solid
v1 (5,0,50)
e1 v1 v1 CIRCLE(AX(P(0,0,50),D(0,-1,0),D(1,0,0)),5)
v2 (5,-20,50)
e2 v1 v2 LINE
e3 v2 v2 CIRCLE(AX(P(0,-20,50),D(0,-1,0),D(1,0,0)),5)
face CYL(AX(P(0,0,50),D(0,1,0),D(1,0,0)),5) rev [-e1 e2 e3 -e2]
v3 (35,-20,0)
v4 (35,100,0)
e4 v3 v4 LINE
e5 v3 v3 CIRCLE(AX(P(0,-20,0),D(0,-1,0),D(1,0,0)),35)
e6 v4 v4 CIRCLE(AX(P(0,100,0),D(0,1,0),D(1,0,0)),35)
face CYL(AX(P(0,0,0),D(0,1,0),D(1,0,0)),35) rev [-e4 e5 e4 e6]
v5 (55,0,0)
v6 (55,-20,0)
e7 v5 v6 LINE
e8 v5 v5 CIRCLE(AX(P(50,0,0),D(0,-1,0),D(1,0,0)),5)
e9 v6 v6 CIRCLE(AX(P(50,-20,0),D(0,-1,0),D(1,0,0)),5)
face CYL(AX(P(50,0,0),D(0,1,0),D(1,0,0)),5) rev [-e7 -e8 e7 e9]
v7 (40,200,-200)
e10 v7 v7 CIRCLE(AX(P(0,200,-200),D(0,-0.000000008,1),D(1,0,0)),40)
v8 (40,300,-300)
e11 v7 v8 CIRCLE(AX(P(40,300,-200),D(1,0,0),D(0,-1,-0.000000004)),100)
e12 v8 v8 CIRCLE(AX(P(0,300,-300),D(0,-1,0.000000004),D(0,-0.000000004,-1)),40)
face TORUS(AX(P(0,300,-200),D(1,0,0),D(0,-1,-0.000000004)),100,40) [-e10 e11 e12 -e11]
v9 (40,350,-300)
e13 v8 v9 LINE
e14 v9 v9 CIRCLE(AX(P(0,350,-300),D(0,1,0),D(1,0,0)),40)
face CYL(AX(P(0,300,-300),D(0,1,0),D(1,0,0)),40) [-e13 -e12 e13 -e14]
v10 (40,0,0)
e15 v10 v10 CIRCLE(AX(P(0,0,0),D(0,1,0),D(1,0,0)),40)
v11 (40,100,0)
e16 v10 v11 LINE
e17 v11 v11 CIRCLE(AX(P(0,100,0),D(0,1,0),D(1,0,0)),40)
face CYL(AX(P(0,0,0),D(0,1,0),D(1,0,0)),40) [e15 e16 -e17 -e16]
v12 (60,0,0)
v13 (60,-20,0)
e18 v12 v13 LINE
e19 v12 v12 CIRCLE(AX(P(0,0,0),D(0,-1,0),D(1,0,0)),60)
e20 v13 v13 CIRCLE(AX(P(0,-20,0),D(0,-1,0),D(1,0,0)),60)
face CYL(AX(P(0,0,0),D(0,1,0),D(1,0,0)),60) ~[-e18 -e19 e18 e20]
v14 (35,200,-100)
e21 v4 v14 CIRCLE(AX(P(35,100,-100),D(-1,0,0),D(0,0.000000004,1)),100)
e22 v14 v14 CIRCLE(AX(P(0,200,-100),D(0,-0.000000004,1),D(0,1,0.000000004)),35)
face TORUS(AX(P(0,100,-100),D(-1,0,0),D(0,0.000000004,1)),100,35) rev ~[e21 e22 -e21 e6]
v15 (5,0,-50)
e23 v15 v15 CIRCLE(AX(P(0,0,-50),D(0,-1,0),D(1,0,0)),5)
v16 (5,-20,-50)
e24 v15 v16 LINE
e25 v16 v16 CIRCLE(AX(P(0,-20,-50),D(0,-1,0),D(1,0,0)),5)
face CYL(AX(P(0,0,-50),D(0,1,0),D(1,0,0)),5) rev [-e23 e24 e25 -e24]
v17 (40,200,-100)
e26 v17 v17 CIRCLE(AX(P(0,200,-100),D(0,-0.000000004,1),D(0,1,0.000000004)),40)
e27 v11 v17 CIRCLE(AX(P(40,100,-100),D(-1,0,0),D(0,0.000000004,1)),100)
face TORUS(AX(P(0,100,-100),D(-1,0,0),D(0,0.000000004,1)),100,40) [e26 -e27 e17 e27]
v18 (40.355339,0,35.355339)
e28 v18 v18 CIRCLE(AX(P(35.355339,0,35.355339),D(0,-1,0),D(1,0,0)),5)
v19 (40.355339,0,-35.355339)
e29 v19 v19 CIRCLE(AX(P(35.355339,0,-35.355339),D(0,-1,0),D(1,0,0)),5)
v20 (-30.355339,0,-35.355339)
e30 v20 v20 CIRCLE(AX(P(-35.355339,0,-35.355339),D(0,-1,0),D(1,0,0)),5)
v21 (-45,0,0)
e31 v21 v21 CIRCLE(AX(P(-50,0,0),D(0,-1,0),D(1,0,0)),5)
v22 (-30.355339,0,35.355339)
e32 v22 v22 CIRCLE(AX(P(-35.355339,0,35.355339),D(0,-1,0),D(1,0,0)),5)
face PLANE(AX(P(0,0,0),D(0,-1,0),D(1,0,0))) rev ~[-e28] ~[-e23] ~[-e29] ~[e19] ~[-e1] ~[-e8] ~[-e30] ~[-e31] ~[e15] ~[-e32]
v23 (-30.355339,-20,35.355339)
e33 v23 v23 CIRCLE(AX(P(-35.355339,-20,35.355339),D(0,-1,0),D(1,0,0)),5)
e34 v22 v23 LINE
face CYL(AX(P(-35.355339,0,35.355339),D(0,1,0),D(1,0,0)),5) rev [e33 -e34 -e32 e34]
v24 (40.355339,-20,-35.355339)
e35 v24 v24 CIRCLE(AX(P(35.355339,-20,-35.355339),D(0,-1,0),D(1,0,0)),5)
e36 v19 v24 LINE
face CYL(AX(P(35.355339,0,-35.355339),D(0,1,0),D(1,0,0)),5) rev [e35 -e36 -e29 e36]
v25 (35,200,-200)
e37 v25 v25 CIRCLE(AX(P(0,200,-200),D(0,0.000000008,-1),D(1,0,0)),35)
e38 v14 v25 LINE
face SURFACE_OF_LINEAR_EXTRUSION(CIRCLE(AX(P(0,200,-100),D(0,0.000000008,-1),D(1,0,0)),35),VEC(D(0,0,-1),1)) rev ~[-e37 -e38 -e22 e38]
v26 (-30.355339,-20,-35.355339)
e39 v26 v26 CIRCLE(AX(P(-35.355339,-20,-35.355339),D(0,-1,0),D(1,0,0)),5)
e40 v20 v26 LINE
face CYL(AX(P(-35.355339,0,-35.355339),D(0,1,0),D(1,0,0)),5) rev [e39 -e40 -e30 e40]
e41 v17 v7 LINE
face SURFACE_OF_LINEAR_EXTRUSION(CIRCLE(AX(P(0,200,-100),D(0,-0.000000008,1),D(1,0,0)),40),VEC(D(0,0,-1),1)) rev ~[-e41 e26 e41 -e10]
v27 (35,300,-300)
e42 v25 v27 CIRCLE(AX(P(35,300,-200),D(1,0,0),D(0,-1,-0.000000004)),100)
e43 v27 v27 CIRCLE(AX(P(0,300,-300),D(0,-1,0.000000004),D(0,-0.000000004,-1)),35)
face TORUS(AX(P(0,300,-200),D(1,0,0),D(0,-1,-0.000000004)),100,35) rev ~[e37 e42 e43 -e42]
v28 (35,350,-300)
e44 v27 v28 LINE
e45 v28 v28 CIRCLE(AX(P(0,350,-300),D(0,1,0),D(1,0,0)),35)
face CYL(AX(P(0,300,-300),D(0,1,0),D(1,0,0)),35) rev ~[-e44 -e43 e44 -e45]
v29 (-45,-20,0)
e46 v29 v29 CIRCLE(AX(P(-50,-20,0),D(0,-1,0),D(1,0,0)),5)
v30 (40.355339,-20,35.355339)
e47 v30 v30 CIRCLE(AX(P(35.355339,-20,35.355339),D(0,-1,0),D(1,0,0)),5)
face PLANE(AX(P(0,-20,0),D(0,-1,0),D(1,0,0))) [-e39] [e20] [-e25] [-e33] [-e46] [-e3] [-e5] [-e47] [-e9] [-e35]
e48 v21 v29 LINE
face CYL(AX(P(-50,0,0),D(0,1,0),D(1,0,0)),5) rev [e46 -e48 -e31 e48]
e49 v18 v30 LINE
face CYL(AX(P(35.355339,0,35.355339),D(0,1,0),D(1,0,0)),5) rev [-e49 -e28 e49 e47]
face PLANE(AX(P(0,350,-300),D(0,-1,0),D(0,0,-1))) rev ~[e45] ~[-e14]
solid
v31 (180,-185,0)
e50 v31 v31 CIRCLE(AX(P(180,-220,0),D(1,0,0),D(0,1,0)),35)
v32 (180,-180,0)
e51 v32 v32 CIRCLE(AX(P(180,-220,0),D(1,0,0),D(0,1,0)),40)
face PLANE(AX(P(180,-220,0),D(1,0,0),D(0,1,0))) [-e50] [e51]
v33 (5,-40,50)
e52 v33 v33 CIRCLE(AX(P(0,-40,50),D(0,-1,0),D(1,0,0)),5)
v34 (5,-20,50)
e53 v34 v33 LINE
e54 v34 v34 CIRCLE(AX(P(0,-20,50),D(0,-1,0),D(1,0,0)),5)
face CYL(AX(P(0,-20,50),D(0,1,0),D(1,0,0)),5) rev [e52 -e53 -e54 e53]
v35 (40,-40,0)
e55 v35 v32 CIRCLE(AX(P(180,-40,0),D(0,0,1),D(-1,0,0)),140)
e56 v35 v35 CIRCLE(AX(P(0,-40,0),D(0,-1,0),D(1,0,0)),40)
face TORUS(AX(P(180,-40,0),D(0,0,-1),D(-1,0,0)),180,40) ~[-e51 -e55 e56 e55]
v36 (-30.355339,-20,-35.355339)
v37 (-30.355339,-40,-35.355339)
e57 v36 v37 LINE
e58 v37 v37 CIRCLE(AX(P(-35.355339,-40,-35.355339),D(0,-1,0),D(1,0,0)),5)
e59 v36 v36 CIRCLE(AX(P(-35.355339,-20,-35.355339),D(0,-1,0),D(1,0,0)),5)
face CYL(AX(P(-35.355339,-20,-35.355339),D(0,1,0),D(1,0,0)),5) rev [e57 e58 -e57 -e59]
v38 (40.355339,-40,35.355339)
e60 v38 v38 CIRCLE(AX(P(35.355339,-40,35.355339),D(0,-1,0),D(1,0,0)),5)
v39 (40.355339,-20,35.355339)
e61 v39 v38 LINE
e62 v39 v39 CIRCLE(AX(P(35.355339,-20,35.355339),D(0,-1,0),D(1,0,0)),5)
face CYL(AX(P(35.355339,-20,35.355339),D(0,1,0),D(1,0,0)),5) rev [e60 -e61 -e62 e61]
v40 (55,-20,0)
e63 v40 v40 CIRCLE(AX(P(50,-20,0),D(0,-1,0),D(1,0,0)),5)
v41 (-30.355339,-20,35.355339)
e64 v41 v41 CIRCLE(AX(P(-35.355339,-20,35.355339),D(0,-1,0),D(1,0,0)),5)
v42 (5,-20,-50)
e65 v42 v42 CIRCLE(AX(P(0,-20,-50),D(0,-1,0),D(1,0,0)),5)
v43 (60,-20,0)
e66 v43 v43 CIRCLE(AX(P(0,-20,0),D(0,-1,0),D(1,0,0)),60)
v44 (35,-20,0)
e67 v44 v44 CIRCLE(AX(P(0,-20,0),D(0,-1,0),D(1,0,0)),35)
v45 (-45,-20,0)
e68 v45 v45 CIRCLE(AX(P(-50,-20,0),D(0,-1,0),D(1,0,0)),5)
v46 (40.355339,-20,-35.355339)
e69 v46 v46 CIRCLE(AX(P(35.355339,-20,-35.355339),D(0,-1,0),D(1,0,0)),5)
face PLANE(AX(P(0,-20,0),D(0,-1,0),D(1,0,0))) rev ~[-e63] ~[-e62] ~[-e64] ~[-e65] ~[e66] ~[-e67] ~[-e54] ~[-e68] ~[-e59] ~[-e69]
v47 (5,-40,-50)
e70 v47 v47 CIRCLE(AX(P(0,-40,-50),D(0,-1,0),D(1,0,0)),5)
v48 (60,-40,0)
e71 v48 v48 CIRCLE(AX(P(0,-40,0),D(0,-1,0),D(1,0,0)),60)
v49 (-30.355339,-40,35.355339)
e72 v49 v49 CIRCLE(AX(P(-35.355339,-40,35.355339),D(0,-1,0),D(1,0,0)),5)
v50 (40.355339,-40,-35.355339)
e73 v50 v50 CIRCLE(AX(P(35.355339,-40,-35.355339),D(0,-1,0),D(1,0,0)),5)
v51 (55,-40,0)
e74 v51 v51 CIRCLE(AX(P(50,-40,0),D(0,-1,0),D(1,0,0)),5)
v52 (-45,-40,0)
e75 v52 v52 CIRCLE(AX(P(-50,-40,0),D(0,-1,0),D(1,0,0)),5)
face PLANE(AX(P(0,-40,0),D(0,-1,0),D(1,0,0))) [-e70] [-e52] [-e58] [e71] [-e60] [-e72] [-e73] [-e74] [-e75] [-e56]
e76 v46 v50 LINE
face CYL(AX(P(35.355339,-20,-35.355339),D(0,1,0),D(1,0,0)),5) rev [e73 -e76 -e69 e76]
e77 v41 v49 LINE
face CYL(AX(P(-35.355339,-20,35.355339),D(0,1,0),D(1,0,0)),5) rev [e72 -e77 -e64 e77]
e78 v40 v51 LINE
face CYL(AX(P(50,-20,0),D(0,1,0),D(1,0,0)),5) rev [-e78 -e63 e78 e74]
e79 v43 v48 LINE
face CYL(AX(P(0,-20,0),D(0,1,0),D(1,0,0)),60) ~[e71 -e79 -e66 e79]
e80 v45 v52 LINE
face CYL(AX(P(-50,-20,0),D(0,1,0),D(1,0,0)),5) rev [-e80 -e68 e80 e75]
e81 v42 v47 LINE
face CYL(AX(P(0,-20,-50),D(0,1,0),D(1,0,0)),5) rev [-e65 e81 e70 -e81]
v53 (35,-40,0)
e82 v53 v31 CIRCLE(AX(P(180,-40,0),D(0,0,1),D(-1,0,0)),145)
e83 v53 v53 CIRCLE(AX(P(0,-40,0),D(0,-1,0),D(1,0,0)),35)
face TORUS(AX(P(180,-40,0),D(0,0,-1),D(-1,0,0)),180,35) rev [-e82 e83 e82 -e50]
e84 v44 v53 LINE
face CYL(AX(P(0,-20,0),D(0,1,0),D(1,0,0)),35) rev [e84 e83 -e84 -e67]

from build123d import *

# Parameters (mm, degrees)
F0_R        = 60
F0_R_2      = 5
F0_R_3      = 35
F1_DEPTH    = 20
F2_R        = 40
F2_R_2      = 35
F1_FACE_R   = 60
F1_FACE_R_2 = 5
F1_FACE_R_3 = 35
F5_DEPTH    = 20
F6_R        = 40
F6_R_2      = 35
F7_ANGLE    = -90


with BuildPart() as f1:
    # F0 (on Front) → F1 (new body)
    with BuildSketch(Plane.XZ):
        Circle(F0_R)
        with Locations((-35.355339, -35.355339)):
            Circle(F0_R_2, mode=Mode.SUBTRACT)
        with Locations((0, -50)):
            Circle(F0_R_2, mode=Mode.SUBTRACT)
        with Locations((35.355339, -35.355339)):
            Circle(F0_R_2, mode=Mode.SUBTRACT)
        with Locations((-50, 0)):
            Circle(F0_R_2, mode=Mode.SUBTRACT)
        with Locations((-35.355339, 35.355339)):
            Circle(F0_R_2, mode=Mode.SUBTRACT)
        Circle(F0_R_3, mode=Mode.SUBTRACT)
        with Locations((50, 0)):
            Circle(F0_R_2, mode=Mode.SUBTRACT)
        with Locations((0, 50)):
            Circle(F0_R_2, mode=Mode.SUBTRACT)
        with Locations((35.355339, 35.355339)):
            Circle(F0_R_2, mode=Mode.SUBTRACT)
    extrude(amount=F1_DEPTH)

    # F4: sweep along a path in F3
    with BuildLine(Plane.YZ) as f4_path:
        Line((0, 0), (100, 0))
        ThreePointArc((100, 0), (170.710678, -29.289322), (200, -100))
        Line((200, -100), (200, -200))
        ThreePointArc((200, -200), (229.289322, -270.710678), (300, -300))
        Line((300, -300), (350, -300))
    # F2 (on Front) → F4 (sweep)
    with BuildSketch(Plane.XZ):
        Circle(F2_R)
        Circle(F2_R_2, mode=Mode.SUBTRACT)
    sweep(path=f4_path.line)


with BuildPart() as f5:
    # F1_face (on face) → F5 (new body)
    with BuildSketch(Plane.XZ.offset(20)):
        Circle(F1_FACE_R)
        with Locations((-35.355339, -35.355339)):
            Circle(F1_FACE_R_2, mode=Mode.SUBTRACT)
        with Locations((0, -50)):
            Circle(F1_FACE_R_2, mode=Mode.SUBTRACT)
        with Locations((35.355339, -35.355339)):
            Circle(F1_FACE_R_2, mode=Mode.SUBTRACT)
        with Locations((-50, 0)):
            Circle(F1_FACE_R_2, mode=Mode.SUBTRACT)
        with Locations((-35.355339, 35.355339)):
            Circle(F1_FACE_R_2, mode=Mode.SUBTRACT)
        Circle(F1_FACE_R_3, mode=Mode.SUBTRACT)
        with Locations((50, 0)):
            Circle(F1_FACE_R_2, mode=Mode.SUBTRACT)
        with Locations((0, 50)):
            Circle(F1_FACE_R_2, mode=Mode.SUBTRACT)
        with Locations((35.355339, 35.355339)):
            Circle(F1_FACE_R_2, mode=Mode.SUBTRACT)
    extrude(amount=F5_DEPTH)

    # F6 (on face) → F7 (revolve)
    with BuildSketch(Plane.XZ.offset(40)):
        Circle(F6_R)
        Circle(F6_R_2, mode=Mode.SUBTRACT)
    revolve(axis=Axis((180, -40, 1.51933), (0, 0, -1)), revolution_arc=F7_ANGLE)


solid = Compound([f1.part, f5.part])
